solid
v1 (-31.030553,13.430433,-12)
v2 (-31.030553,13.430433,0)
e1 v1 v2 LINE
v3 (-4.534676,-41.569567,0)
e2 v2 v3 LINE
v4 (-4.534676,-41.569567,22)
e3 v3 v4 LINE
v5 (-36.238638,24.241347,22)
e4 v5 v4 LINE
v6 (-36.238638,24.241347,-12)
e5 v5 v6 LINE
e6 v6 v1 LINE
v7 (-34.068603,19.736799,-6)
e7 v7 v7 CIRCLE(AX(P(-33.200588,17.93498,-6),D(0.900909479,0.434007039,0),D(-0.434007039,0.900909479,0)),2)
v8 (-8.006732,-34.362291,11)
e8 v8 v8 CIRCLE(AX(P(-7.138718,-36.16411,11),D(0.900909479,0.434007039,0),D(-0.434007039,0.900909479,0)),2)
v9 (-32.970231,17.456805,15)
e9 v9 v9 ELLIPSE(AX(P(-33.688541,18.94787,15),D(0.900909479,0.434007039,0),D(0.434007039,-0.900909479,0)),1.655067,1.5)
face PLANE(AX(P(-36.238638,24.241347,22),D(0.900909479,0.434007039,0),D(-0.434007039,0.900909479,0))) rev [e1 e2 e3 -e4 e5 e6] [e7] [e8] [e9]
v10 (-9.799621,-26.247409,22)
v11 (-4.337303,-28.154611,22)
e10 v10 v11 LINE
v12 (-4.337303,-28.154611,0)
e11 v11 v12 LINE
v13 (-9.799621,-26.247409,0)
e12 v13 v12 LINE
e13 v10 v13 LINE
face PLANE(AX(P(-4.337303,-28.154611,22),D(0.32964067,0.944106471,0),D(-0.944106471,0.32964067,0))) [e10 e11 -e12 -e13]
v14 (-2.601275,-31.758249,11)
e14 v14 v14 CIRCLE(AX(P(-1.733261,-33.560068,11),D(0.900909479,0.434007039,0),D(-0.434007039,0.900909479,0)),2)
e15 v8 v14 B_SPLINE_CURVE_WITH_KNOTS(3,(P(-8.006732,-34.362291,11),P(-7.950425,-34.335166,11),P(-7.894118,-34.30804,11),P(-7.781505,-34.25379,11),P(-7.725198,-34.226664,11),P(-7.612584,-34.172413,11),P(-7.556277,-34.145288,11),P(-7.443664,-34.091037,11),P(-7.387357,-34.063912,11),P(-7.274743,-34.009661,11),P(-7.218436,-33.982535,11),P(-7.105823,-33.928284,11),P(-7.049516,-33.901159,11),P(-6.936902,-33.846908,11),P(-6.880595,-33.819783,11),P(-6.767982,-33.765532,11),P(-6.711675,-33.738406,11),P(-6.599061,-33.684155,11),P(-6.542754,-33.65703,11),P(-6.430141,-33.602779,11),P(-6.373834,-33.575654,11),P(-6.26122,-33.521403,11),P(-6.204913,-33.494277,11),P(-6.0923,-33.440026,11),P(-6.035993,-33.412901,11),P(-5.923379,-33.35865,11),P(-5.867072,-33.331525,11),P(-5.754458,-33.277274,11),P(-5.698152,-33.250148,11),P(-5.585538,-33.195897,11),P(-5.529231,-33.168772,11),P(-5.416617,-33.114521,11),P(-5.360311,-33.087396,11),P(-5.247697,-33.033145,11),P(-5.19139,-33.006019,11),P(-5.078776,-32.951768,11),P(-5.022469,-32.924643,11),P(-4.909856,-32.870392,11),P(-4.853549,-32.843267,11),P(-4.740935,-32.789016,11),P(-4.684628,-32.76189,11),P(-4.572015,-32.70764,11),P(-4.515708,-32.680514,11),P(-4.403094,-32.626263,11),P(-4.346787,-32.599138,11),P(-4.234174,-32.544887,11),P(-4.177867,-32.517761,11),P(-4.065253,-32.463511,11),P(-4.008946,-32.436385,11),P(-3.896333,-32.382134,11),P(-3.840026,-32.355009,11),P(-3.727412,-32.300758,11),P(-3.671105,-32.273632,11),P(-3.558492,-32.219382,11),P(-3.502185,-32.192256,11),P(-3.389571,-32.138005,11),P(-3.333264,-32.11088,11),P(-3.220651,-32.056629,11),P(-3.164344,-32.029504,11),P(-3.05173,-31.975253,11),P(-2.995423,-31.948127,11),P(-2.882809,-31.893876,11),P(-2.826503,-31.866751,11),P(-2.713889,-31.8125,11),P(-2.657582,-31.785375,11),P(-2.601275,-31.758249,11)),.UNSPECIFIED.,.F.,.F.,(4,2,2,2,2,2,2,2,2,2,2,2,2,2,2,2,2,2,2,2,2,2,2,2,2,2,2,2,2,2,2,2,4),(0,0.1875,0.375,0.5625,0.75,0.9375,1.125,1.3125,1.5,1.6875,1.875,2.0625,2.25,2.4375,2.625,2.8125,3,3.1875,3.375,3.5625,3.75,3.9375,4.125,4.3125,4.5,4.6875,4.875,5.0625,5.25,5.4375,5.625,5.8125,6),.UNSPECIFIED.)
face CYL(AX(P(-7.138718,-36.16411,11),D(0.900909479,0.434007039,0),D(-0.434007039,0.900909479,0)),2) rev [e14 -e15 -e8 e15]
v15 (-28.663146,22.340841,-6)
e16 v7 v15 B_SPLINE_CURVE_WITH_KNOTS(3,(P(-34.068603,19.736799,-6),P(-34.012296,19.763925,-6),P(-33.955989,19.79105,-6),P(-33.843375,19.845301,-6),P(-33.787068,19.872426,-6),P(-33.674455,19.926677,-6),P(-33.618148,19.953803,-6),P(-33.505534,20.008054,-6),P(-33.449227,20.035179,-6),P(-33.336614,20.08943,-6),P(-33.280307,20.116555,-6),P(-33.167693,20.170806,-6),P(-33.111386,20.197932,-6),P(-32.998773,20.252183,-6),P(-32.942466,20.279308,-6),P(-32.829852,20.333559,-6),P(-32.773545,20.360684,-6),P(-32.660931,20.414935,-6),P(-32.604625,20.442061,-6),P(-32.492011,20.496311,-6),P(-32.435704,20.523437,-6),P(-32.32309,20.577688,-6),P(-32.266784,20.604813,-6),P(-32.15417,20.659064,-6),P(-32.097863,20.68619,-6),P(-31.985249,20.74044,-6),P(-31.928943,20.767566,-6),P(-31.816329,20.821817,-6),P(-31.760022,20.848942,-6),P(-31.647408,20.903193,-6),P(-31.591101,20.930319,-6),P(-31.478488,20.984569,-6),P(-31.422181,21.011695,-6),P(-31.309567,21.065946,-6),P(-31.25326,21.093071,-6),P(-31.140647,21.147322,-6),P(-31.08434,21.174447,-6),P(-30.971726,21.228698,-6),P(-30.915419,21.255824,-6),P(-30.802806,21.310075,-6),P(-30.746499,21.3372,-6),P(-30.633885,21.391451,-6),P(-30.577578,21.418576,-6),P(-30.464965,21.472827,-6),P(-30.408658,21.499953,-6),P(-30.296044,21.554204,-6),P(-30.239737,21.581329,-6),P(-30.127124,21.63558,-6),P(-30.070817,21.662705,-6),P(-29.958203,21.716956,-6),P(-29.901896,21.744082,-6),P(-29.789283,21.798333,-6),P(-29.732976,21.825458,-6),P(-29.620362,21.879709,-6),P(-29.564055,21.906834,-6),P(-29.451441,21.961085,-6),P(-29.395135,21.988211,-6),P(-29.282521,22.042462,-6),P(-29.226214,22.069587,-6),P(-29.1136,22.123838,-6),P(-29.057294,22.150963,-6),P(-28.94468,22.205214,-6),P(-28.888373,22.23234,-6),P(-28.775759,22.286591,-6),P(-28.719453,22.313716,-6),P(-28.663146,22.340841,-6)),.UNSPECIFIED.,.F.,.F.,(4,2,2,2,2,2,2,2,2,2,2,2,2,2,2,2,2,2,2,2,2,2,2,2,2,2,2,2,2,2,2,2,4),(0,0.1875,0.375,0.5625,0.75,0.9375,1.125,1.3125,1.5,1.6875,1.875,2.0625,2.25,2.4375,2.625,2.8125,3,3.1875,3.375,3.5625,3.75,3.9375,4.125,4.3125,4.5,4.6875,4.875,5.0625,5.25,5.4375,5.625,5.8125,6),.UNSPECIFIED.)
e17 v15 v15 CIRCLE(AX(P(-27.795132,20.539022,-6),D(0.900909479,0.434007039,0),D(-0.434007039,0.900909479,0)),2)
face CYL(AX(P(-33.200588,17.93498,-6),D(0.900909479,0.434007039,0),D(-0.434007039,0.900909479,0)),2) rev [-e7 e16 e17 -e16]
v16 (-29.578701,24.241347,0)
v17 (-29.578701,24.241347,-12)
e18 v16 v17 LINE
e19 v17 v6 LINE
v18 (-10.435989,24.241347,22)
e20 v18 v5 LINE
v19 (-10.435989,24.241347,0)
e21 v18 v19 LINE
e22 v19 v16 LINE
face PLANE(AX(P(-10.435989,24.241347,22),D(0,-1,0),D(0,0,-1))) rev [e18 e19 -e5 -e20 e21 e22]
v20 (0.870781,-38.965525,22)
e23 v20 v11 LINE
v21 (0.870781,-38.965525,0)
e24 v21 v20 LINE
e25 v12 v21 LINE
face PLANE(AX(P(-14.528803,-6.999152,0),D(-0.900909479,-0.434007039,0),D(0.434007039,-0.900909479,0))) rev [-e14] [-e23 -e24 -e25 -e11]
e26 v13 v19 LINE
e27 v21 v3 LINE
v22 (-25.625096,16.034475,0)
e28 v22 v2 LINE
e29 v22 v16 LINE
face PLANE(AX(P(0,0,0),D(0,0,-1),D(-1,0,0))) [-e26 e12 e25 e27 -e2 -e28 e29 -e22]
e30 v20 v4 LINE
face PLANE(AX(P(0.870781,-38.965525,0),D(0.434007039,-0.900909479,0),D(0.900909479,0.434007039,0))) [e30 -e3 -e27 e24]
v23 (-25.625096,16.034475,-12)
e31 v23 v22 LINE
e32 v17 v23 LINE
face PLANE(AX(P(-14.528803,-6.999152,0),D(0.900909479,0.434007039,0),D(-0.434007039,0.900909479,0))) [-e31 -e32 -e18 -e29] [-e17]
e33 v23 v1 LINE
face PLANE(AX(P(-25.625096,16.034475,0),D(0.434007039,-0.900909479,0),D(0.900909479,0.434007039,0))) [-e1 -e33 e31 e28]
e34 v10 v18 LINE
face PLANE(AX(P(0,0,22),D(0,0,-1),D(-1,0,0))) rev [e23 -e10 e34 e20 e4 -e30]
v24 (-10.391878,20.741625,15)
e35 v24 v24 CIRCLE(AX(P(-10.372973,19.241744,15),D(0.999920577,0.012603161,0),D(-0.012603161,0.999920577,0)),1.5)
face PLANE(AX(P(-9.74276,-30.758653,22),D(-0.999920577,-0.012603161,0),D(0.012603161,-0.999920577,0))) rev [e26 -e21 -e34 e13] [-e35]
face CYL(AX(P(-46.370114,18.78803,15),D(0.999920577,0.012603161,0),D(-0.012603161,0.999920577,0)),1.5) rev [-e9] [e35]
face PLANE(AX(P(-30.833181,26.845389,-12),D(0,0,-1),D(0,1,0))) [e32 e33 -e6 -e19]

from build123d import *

# Parameters (mm, degrees)
BOSS_EXTRUDE1_DEPTH = 22
SKETCH6_W           = 12
SKETCH6_H           = 12
SKETCH6_W_2         = 22
BOSS_EXTRUDE4_DEPTH = 6
BOSS_EXTRUDE5_DEPTH = 22
SKETCH9_R           = 2
CUT_EXTRUDE9_DEPTH  = 6
SKETCH10_R          = 1.5
CUT_EXTRUDE10_DEPTH = 36
CUT_EXTRUDE11_DEPTH = 36


with BuildPart() as part:
    # Sketch1 → Boss-Extrude1 (new body)
    with BuildSketch(Plane.XY):
        Polygon((-36.238637744, 24.241346543), (-9.742760301, -30.758653457), (-10.435989217, 24.241346543), align=None)
    extrude(amount=BOSS_EXTRUDE1_DEPTH)

    # Sketch6 → Boss-Extrude4 (add)
    with BuildSketch(Plane(origin=(-19.934259386, -9.603194429, 0), x_dir=(0, 0, 1), z_dir=(-0.9009094793526655, -0.4340070391278342, 0))):
        with Locations((-6, 31.567082762)):
            Rectangle(SKETCH6_W, SKETCH6_H)
        with Locations((11, -29.48233592)):
            Rectangle(SKETCH6_W_2, SKETCH6_H)
    extrude(amount=-BOSS_EXTRUDE4_DEPTH)


with BuildPart() as boss_extrude4_piece_1:
    # of the separate pieces the step leaves, piece 1, a body of its own (boss_extrude4_pieces)
    add(part.part.solids().sort_by_distance((-36.238637744, 24.241346543, 0))[0])



with BuildPart() as boss_extrude4_piece_2:
    # of the separate pieces the step leaves, piece 2, a body of its own (boss_extrude4_pieces)
    add(part.part.solids().sort_by_distance((-4.337303425, -28.154611222, 0))[0])


with BuildPart() as boss_extrude4_piece_1_1:
    add(boss_extrude4_piece_1.part)

    add(boss_extrude4_piece_2.part)  # Boss-Extrude5 merges Boss-Extrude4 piece 2
    # Sketch8 → Boss-Extrude5 (add)
    with BuildSketch(Plane(origin=(0, 0, 0), x_dir=(-1, 0, 0), z_dir=(0, 0, -1))):
        Polygon((9.742760301, -30.758653457), (4.337303425, -28.154611222), (9.799620757, -26.247409014), align=None)
    extrude(amount=-BOSS_EXTRUDE5_DEPTH)

    # Sketch9 → Cut-Extrude9 (cut)
    with BuildSketch(Plane(origin=(-14.52880251, -6.999152194, 0), x_dir=(0, 0, -1), z_dir=(0.9009094793526653, 0.43400703912783434, 0))):
        with Locations(Location((6, 30.567082762, 0), (0, 0, 90))):
            Circle(SKETCH9_R)
        with Locations(Location((-11, -29.48233592, 0), (0, 0, 90))):
            Circle(SKETCH9_R)
    extrude(amount=-CUT_EXTRUDE9_DEPTH, mode=Mode.SUBTRACT)

    # Sketch10 → Cut-Extrude10 (cut)
    with BuildSketch(Plane(origin=(-10.128838238, -0.127665519, 0), x_dir=(0, 0, -1), z_dir=(0.9999205770118876, 0.012603161040540517, 0))):
        with Locations(Location((-15, 19.370947675, 0), (0, 0, 90))):
            Circle(SKETCH10_R)
    extrude(amount=-CUT_EXTRUDE10_DEPTH, mode=Mode.SUBTRACT)

    # Sketch11 → Cut-Extrude11 (cut)
    with BuildSketch(Plane.XY):
        Polygon((-36.238637744, 24.241346543), (-29.578701161, 24.241346543), (-30.833180868, 26.845388778), align=None)
    extrude(amount=-CUT_EXTRUDE11_DEPTH, mode=Mode.SUBTRACT)


solid = boss_extrude4_piece_1_1.part
